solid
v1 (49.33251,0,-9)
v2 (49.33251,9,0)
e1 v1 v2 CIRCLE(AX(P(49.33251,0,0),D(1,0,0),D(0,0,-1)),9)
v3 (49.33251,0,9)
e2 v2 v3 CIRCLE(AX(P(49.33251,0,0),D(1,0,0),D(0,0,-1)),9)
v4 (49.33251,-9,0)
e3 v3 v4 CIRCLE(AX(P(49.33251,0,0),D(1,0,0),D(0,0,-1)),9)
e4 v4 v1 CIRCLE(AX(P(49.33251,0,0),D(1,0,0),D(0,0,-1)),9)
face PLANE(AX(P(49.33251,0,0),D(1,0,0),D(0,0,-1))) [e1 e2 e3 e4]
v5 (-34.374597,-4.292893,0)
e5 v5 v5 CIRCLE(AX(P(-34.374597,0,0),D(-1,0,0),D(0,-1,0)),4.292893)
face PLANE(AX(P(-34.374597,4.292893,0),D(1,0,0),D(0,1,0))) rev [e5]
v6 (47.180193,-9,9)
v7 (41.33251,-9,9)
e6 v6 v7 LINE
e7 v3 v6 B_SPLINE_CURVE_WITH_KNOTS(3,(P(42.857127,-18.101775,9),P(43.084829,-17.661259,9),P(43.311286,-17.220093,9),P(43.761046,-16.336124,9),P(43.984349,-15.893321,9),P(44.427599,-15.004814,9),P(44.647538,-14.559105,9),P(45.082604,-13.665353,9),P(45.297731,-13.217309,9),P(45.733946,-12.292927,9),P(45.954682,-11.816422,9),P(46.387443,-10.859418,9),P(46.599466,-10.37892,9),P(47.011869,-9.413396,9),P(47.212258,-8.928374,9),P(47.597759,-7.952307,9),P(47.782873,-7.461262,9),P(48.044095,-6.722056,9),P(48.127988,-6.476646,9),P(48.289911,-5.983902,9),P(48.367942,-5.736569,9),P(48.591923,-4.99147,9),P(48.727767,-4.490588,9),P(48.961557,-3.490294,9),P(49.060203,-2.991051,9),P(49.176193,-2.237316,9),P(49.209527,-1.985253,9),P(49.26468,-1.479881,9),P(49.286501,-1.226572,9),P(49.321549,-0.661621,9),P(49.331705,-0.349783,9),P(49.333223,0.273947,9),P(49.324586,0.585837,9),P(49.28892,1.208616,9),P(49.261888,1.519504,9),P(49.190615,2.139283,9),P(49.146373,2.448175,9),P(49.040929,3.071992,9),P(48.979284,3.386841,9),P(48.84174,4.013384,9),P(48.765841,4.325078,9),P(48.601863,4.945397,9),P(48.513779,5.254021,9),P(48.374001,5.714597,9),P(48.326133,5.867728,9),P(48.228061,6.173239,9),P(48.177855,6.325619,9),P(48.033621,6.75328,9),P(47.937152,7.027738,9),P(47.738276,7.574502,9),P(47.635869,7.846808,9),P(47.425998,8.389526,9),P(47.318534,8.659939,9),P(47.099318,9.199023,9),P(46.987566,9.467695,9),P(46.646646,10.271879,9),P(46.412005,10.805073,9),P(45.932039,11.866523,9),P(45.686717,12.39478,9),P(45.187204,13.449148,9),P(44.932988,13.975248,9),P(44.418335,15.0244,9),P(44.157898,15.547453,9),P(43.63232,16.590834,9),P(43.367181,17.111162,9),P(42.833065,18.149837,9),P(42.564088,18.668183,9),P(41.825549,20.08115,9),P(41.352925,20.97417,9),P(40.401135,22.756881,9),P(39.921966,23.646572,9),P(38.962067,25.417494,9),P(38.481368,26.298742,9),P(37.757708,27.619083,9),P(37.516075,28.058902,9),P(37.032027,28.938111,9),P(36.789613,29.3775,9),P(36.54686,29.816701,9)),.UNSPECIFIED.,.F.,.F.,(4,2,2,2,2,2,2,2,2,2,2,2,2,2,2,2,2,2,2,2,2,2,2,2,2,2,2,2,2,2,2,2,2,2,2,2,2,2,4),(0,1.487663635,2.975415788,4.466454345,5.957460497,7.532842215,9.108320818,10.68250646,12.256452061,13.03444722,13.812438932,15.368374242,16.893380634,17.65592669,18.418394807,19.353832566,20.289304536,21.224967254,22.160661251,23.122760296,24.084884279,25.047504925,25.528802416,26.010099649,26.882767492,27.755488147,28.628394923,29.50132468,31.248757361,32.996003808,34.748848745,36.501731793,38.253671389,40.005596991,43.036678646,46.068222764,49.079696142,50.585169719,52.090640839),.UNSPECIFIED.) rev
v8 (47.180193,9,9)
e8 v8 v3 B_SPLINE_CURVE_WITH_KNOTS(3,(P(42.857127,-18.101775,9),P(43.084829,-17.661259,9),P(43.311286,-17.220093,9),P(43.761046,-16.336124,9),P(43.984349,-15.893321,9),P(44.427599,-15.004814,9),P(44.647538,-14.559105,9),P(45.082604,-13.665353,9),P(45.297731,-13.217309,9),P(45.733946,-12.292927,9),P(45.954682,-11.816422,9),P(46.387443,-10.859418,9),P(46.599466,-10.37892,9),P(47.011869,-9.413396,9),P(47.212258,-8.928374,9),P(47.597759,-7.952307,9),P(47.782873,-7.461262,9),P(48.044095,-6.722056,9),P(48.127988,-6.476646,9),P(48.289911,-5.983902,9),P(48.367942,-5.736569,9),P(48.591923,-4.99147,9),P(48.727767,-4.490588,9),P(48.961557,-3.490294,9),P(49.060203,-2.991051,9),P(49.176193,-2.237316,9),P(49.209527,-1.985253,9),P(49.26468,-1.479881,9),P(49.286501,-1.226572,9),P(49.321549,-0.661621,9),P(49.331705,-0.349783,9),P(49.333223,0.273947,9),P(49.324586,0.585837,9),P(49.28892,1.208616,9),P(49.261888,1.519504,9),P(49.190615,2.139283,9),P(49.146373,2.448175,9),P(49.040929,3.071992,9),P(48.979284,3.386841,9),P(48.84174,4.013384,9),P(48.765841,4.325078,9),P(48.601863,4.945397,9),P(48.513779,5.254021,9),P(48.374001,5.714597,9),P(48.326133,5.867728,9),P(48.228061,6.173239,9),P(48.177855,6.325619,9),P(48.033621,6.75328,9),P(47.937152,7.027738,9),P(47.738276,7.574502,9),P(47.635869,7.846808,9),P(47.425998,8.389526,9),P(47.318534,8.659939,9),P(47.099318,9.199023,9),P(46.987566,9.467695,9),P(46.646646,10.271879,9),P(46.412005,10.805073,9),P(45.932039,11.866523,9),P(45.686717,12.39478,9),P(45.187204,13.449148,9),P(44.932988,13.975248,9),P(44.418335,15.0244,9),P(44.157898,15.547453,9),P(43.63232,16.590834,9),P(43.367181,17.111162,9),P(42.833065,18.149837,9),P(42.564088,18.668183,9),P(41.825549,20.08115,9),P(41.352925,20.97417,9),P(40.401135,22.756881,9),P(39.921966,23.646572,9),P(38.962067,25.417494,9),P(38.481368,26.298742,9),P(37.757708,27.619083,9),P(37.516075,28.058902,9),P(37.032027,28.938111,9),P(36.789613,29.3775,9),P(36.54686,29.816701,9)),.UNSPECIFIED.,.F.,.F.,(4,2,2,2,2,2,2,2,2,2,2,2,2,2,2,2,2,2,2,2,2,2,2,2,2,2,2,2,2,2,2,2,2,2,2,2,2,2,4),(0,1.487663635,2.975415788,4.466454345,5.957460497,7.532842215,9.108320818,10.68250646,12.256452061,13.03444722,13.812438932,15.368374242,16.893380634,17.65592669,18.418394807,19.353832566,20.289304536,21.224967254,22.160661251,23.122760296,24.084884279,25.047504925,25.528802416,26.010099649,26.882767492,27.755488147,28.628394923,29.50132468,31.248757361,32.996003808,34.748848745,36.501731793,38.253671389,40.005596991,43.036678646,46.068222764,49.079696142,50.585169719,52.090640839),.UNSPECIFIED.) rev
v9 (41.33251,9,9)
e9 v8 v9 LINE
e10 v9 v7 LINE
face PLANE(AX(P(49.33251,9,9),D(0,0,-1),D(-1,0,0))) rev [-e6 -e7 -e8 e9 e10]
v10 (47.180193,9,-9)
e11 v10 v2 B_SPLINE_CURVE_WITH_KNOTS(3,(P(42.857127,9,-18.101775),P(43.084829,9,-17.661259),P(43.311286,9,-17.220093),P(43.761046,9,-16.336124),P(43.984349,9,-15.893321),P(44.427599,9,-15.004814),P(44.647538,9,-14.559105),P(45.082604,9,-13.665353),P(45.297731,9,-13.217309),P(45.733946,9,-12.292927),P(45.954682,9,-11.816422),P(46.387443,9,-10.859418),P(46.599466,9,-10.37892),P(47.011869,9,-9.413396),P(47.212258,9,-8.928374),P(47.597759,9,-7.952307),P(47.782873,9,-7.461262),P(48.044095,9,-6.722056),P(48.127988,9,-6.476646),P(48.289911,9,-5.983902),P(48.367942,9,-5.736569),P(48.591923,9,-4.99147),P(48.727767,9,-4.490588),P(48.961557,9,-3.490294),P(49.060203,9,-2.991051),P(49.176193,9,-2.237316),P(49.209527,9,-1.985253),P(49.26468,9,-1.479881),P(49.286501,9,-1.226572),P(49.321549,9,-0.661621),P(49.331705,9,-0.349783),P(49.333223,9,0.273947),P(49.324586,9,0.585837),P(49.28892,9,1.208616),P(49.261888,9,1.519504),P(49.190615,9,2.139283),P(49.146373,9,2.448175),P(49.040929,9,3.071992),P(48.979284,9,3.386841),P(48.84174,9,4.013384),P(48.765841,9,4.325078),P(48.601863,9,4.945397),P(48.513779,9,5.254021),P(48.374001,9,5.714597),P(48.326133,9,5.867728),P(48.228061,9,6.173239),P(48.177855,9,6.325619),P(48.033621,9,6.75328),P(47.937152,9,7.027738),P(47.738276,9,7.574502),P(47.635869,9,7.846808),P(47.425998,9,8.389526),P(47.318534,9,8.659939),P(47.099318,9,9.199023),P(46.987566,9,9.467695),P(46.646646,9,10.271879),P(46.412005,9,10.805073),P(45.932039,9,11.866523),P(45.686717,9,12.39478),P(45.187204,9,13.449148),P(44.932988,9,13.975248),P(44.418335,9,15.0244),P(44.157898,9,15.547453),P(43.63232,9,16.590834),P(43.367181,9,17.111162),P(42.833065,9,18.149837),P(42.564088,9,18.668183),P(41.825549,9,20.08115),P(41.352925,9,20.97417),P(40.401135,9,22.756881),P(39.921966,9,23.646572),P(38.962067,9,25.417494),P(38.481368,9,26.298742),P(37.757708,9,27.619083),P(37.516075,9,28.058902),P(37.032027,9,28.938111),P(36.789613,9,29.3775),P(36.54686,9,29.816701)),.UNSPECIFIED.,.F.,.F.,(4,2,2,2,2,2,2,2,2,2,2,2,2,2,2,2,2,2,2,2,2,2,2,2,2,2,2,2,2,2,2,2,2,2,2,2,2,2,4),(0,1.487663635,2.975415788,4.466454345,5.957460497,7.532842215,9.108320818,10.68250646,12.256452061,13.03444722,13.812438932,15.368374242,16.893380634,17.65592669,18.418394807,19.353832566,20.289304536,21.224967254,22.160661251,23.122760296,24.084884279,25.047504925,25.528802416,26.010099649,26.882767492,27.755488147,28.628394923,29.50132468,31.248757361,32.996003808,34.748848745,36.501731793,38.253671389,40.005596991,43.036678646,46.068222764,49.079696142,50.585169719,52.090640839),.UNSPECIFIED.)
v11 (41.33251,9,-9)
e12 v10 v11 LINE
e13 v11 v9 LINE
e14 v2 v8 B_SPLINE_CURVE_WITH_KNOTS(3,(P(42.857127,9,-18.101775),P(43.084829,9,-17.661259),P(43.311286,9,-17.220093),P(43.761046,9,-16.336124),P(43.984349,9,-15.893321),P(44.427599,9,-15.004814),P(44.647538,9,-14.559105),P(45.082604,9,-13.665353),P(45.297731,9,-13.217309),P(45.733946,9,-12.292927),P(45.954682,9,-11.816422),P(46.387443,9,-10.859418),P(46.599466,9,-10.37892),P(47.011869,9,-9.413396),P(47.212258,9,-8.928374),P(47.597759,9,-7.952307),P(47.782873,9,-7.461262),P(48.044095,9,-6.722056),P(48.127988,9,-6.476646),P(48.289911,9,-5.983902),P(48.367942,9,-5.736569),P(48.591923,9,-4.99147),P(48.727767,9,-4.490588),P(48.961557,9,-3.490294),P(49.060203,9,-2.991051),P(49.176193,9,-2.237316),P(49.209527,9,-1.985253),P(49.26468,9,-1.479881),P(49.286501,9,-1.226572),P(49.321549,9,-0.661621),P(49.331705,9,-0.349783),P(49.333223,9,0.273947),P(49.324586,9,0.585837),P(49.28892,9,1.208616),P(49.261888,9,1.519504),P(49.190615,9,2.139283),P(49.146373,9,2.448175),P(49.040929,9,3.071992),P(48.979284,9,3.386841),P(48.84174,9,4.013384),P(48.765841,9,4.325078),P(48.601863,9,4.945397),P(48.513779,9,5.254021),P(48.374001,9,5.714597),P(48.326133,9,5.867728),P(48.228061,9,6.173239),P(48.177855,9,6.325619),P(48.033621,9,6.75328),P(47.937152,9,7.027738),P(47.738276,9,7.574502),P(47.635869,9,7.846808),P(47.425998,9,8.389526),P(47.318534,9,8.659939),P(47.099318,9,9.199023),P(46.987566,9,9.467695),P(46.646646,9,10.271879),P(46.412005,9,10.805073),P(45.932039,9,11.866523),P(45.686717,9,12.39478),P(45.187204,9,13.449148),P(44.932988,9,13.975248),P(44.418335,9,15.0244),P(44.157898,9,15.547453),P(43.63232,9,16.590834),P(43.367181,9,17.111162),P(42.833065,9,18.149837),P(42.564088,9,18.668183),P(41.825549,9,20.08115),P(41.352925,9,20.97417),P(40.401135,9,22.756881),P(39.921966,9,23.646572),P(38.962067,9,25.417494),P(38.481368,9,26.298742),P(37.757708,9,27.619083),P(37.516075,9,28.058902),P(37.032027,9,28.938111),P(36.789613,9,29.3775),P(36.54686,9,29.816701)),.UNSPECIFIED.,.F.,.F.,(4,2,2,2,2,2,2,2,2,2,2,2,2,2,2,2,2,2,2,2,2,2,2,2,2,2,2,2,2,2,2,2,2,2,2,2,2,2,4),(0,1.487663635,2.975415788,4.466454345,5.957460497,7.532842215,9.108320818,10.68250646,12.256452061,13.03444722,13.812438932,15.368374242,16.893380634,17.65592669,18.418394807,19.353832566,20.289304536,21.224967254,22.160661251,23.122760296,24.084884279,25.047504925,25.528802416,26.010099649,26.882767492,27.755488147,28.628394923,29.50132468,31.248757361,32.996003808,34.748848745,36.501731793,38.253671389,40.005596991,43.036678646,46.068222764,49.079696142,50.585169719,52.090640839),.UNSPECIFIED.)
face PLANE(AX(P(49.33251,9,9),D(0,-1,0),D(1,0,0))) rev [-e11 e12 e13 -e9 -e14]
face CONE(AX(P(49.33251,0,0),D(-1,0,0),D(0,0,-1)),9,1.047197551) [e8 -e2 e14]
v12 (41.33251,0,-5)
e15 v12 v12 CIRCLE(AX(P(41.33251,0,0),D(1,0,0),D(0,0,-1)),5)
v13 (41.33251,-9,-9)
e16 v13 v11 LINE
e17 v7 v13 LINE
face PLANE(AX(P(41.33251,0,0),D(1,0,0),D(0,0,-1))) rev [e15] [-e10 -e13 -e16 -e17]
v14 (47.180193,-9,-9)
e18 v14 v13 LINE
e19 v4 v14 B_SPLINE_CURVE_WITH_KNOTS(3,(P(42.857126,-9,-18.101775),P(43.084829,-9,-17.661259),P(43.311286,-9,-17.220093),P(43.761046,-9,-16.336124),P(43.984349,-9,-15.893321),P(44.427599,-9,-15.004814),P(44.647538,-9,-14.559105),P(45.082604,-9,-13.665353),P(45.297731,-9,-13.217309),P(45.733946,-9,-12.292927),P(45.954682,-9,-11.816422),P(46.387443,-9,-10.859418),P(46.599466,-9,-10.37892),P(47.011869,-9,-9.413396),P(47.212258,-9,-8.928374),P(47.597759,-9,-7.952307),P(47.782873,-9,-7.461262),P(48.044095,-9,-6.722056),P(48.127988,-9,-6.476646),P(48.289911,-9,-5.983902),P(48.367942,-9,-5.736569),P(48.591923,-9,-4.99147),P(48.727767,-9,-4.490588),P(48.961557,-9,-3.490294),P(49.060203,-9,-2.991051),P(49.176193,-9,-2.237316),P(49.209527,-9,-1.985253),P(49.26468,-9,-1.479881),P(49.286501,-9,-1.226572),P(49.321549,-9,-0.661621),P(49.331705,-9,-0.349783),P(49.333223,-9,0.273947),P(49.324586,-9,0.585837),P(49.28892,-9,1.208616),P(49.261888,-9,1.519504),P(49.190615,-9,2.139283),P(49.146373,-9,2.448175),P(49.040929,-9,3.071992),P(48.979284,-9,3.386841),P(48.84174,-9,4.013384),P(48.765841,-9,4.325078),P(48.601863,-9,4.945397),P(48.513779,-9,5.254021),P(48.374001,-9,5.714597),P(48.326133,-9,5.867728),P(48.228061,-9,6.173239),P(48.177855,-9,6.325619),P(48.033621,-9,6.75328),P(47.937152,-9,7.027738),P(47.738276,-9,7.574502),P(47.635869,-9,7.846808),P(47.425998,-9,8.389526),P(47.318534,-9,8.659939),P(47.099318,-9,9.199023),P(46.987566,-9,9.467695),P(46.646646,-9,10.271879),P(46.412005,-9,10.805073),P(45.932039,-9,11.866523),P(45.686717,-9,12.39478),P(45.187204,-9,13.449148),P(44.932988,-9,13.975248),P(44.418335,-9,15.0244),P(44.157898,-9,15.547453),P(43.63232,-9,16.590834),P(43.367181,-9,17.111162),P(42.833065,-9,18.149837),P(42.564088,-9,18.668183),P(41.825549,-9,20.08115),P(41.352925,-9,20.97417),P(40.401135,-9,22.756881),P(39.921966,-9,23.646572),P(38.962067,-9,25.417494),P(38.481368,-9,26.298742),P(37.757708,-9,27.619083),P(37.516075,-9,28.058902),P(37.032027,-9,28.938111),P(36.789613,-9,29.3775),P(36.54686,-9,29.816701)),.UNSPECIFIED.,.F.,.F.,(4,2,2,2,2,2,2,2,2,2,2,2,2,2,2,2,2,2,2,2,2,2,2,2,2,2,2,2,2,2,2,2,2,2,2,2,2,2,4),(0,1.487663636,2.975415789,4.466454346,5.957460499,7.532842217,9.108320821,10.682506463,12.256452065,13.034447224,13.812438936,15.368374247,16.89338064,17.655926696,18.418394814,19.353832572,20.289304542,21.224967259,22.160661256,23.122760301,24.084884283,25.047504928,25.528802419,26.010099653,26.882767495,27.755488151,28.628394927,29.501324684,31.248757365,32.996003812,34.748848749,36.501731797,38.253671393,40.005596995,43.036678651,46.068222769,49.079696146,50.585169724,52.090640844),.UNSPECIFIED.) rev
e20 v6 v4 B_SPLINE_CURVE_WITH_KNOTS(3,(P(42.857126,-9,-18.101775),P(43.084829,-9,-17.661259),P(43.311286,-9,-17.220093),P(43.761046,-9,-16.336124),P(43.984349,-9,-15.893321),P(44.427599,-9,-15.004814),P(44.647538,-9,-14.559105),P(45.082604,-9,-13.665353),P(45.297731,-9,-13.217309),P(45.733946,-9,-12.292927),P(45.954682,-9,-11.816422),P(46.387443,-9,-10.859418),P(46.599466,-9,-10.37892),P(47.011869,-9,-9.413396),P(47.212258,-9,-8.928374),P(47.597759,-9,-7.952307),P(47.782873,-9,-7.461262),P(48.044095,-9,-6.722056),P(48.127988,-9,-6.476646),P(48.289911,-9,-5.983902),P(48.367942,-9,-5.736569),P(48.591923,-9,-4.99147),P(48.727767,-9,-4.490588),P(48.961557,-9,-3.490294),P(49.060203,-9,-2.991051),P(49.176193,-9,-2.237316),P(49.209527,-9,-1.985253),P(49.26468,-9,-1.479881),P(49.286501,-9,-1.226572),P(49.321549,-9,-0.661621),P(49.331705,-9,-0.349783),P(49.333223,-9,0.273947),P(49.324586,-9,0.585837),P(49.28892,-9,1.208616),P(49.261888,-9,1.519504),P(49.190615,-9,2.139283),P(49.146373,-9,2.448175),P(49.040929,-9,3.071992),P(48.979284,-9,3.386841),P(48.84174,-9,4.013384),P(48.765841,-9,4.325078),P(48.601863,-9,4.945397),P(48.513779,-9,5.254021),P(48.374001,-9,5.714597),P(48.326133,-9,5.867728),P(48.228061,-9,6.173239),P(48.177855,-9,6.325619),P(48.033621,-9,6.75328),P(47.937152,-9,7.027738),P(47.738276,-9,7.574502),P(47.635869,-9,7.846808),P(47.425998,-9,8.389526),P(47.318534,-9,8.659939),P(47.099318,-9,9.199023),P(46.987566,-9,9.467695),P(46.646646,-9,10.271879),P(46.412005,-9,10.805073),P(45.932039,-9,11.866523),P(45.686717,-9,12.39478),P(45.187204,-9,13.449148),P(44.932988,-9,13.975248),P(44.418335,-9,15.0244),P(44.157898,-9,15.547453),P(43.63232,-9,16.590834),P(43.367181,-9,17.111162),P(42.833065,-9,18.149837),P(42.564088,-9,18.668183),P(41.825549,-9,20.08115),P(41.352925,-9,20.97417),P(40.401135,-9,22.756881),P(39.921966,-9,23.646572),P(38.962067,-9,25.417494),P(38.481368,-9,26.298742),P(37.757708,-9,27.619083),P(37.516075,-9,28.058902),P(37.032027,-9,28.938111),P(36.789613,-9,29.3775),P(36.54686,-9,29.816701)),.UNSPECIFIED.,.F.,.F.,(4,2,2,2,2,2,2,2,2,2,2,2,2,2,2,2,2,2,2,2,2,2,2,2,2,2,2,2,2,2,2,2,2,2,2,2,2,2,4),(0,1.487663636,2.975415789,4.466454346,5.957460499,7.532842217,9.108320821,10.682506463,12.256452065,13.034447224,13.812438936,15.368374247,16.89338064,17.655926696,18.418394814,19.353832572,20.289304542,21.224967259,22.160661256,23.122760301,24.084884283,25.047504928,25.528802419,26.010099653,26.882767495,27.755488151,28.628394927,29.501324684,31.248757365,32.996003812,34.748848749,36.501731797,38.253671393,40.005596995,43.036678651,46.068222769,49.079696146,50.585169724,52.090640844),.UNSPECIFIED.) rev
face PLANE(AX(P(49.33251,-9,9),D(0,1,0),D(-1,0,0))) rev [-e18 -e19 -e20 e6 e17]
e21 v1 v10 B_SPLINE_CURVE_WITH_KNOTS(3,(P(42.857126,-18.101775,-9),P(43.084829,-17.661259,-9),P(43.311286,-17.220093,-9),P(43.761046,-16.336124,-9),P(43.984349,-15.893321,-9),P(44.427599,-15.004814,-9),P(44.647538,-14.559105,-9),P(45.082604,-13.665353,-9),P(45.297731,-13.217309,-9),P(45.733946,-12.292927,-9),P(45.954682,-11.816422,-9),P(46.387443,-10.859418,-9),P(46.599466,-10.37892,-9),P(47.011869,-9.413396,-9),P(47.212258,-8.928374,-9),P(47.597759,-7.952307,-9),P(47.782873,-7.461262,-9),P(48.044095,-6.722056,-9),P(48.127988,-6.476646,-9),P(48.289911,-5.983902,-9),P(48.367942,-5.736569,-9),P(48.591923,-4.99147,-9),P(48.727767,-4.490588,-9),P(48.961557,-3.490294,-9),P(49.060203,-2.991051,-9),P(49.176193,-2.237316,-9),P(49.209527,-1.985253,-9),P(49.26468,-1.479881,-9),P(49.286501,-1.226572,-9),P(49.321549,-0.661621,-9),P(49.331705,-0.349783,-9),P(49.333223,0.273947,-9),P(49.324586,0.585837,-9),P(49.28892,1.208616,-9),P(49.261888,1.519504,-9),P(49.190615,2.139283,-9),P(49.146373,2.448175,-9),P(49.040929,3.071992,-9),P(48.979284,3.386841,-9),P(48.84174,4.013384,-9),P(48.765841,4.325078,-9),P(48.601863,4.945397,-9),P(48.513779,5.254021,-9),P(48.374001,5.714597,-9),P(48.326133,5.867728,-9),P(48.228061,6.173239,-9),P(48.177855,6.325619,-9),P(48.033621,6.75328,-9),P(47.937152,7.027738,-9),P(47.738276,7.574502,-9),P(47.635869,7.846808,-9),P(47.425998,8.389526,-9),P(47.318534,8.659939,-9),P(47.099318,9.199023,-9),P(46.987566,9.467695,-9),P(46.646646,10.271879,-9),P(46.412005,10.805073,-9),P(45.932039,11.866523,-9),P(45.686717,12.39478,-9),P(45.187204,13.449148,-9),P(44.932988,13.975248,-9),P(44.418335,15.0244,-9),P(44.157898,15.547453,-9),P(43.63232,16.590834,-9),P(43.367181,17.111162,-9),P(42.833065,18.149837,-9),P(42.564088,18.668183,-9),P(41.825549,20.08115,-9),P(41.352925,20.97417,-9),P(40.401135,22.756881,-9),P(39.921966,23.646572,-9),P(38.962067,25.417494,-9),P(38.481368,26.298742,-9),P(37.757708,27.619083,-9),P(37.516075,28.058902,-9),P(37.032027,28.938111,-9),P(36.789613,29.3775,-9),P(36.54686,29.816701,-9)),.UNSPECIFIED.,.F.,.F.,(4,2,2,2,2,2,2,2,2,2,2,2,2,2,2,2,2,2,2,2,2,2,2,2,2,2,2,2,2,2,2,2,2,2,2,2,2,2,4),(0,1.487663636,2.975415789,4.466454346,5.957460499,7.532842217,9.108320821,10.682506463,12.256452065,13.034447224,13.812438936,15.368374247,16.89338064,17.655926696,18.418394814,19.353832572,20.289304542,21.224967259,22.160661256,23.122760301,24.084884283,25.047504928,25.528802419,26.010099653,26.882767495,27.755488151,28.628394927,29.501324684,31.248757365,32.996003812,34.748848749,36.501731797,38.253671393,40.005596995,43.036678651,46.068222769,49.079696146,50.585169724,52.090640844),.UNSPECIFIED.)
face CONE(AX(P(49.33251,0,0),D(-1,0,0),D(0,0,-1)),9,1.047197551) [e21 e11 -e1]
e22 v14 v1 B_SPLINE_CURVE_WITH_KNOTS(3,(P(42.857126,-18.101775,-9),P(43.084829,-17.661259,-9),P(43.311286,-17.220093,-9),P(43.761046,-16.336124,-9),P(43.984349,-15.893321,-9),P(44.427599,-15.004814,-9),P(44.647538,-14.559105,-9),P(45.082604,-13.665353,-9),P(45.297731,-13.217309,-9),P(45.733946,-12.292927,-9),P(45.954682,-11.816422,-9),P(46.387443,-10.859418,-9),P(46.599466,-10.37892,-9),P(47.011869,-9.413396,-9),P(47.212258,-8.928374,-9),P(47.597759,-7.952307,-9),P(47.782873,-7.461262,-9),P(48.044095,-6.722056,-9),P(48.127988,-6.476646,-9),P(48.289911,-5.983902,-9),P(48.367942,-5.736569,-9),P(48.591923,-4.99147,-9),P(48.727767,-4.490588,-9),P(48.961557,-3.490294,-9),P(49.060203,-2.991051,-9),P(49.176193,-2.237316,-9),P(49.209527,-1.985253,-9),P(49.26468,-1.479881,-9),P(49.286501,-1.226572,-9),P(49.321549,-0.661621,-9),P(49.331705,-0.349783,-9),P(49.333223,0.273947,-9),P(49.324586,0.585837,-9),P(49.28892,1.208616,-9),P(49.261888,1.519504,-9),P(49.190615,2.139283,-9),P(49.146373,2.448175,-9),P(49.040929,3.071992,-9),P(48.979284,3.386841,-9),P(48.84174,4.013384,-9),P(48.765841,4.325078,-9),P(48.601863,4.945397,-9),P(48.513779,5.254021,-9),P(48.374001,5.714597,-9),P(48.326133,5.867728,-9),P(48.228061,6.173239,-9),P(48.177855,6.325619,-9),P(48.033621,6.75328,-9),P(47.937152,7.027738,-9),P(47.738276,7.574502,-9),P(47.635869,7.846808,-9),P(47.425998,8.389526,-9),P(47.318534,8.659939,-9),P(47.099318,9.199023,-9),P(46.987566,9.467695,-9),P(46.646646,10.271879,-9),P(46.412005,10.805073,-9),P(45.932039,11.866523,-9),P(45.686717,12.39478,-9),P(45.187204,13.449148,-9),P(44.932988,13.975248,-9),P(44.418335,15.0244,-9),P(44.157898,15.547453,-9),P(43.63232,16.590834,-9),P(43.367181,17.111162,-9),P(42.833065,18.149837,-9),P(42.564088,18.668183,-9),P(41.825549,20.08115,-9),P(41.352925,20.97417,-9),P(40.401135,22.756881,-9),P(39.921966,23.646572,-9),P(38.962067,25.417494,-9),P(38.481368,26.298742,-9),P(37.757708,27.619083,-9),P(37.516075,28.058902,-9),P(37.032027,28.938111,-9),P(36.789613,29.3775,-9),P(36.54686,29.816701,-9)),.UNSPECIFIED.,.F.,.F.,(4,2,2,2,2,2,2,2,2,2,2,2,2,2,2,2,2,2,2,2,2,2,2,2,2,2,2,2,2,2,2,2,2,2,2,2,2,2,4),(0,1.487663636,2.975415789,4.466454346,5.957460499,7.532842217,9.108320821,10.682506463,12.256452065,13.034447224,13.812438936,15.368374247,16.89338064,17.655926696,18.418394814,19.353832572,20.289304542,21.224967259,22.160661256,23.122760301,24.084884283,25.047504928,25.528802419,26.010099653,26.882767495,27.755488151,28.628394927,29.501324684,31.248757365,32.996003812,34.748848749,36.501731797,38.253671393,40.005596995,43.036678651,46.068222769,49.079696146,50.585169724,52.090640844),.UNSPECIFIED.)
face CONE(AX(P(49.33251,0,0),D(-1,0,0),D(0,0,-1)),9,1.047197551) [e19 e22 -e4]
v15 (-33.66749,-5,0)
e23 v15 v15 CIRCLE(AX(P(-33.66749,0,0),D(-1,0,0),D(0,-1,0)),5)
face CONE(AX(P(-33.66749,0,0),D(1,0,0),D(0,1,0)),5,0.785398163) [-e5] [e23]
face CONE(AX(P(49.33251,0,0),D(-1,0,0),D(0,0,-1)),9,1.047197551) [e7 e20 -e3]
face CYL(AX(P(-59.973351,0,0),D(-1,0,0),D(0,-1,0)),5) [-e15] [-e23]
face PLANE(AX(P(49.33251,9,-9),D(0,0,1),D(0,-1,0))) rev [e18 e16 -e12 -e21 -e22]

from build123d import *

# Parameters (mm, degrees)
SKETCH4_W           = 18
SKETCH4_H           = 18
BOSS_EXTRUDE1_DEPTH = 8
SKETCH5_OUTSIDE_W   = 72.14
SKETCH5_OUTSIDE_H   = 72.14
SKETCH5_OUTSIDE_R   = 9
CUT_EXTRUDE3_DEPTH  = 10
CUT_EXTRUDE3_TAPER  = 60


with BuildPart() as part:
    # Sketch1 → Revolve1 (revolve)
    with BuildSketch(Plane.XY):
        Polygon((-33.667489974, 5), (-34.374596755, 4.292893219), (-34.374596755, 0), (41.332510026, 0), (41.332510026, 5), align=None)
    revolve(axis=Axis((-59.973351377, 0, 0), (1, 0, 0)))

    # Sketch4 → Boss-Extrude1 (add)
    with BuildSketch(Plane(origin=(41.332510026, 0, 0), x_dir=(0, 0, -1), z_dir=(1, 0, 0))):
        Rectangle(SKETCH4_W, SKETCH4_H)
    extrude(amount=BOSS_EXTRUDE1_DEPTH)

    # Sketch5 outside → Cut-Extrude3 (cut)
    with BuildSketch(Plane(origin=(49.332510026, 0, 0), x_dir=(0, 0, -1), z_dir=(1, 0, 0))):
        Rectangle(SKETCH5_OUTSIDE_W, SKETCH5_OUTSIDE_H)
        Circle(SKETCH5_OUTSIDE_R, mode=Mode.SUBTRACT)
    extrude(amount=-CUT_EXTRUDE3_DEPTH, taper=CUT_EXTRUDE3_TAPER, mode=Mode.SUBTRACT)


solid = part.part
